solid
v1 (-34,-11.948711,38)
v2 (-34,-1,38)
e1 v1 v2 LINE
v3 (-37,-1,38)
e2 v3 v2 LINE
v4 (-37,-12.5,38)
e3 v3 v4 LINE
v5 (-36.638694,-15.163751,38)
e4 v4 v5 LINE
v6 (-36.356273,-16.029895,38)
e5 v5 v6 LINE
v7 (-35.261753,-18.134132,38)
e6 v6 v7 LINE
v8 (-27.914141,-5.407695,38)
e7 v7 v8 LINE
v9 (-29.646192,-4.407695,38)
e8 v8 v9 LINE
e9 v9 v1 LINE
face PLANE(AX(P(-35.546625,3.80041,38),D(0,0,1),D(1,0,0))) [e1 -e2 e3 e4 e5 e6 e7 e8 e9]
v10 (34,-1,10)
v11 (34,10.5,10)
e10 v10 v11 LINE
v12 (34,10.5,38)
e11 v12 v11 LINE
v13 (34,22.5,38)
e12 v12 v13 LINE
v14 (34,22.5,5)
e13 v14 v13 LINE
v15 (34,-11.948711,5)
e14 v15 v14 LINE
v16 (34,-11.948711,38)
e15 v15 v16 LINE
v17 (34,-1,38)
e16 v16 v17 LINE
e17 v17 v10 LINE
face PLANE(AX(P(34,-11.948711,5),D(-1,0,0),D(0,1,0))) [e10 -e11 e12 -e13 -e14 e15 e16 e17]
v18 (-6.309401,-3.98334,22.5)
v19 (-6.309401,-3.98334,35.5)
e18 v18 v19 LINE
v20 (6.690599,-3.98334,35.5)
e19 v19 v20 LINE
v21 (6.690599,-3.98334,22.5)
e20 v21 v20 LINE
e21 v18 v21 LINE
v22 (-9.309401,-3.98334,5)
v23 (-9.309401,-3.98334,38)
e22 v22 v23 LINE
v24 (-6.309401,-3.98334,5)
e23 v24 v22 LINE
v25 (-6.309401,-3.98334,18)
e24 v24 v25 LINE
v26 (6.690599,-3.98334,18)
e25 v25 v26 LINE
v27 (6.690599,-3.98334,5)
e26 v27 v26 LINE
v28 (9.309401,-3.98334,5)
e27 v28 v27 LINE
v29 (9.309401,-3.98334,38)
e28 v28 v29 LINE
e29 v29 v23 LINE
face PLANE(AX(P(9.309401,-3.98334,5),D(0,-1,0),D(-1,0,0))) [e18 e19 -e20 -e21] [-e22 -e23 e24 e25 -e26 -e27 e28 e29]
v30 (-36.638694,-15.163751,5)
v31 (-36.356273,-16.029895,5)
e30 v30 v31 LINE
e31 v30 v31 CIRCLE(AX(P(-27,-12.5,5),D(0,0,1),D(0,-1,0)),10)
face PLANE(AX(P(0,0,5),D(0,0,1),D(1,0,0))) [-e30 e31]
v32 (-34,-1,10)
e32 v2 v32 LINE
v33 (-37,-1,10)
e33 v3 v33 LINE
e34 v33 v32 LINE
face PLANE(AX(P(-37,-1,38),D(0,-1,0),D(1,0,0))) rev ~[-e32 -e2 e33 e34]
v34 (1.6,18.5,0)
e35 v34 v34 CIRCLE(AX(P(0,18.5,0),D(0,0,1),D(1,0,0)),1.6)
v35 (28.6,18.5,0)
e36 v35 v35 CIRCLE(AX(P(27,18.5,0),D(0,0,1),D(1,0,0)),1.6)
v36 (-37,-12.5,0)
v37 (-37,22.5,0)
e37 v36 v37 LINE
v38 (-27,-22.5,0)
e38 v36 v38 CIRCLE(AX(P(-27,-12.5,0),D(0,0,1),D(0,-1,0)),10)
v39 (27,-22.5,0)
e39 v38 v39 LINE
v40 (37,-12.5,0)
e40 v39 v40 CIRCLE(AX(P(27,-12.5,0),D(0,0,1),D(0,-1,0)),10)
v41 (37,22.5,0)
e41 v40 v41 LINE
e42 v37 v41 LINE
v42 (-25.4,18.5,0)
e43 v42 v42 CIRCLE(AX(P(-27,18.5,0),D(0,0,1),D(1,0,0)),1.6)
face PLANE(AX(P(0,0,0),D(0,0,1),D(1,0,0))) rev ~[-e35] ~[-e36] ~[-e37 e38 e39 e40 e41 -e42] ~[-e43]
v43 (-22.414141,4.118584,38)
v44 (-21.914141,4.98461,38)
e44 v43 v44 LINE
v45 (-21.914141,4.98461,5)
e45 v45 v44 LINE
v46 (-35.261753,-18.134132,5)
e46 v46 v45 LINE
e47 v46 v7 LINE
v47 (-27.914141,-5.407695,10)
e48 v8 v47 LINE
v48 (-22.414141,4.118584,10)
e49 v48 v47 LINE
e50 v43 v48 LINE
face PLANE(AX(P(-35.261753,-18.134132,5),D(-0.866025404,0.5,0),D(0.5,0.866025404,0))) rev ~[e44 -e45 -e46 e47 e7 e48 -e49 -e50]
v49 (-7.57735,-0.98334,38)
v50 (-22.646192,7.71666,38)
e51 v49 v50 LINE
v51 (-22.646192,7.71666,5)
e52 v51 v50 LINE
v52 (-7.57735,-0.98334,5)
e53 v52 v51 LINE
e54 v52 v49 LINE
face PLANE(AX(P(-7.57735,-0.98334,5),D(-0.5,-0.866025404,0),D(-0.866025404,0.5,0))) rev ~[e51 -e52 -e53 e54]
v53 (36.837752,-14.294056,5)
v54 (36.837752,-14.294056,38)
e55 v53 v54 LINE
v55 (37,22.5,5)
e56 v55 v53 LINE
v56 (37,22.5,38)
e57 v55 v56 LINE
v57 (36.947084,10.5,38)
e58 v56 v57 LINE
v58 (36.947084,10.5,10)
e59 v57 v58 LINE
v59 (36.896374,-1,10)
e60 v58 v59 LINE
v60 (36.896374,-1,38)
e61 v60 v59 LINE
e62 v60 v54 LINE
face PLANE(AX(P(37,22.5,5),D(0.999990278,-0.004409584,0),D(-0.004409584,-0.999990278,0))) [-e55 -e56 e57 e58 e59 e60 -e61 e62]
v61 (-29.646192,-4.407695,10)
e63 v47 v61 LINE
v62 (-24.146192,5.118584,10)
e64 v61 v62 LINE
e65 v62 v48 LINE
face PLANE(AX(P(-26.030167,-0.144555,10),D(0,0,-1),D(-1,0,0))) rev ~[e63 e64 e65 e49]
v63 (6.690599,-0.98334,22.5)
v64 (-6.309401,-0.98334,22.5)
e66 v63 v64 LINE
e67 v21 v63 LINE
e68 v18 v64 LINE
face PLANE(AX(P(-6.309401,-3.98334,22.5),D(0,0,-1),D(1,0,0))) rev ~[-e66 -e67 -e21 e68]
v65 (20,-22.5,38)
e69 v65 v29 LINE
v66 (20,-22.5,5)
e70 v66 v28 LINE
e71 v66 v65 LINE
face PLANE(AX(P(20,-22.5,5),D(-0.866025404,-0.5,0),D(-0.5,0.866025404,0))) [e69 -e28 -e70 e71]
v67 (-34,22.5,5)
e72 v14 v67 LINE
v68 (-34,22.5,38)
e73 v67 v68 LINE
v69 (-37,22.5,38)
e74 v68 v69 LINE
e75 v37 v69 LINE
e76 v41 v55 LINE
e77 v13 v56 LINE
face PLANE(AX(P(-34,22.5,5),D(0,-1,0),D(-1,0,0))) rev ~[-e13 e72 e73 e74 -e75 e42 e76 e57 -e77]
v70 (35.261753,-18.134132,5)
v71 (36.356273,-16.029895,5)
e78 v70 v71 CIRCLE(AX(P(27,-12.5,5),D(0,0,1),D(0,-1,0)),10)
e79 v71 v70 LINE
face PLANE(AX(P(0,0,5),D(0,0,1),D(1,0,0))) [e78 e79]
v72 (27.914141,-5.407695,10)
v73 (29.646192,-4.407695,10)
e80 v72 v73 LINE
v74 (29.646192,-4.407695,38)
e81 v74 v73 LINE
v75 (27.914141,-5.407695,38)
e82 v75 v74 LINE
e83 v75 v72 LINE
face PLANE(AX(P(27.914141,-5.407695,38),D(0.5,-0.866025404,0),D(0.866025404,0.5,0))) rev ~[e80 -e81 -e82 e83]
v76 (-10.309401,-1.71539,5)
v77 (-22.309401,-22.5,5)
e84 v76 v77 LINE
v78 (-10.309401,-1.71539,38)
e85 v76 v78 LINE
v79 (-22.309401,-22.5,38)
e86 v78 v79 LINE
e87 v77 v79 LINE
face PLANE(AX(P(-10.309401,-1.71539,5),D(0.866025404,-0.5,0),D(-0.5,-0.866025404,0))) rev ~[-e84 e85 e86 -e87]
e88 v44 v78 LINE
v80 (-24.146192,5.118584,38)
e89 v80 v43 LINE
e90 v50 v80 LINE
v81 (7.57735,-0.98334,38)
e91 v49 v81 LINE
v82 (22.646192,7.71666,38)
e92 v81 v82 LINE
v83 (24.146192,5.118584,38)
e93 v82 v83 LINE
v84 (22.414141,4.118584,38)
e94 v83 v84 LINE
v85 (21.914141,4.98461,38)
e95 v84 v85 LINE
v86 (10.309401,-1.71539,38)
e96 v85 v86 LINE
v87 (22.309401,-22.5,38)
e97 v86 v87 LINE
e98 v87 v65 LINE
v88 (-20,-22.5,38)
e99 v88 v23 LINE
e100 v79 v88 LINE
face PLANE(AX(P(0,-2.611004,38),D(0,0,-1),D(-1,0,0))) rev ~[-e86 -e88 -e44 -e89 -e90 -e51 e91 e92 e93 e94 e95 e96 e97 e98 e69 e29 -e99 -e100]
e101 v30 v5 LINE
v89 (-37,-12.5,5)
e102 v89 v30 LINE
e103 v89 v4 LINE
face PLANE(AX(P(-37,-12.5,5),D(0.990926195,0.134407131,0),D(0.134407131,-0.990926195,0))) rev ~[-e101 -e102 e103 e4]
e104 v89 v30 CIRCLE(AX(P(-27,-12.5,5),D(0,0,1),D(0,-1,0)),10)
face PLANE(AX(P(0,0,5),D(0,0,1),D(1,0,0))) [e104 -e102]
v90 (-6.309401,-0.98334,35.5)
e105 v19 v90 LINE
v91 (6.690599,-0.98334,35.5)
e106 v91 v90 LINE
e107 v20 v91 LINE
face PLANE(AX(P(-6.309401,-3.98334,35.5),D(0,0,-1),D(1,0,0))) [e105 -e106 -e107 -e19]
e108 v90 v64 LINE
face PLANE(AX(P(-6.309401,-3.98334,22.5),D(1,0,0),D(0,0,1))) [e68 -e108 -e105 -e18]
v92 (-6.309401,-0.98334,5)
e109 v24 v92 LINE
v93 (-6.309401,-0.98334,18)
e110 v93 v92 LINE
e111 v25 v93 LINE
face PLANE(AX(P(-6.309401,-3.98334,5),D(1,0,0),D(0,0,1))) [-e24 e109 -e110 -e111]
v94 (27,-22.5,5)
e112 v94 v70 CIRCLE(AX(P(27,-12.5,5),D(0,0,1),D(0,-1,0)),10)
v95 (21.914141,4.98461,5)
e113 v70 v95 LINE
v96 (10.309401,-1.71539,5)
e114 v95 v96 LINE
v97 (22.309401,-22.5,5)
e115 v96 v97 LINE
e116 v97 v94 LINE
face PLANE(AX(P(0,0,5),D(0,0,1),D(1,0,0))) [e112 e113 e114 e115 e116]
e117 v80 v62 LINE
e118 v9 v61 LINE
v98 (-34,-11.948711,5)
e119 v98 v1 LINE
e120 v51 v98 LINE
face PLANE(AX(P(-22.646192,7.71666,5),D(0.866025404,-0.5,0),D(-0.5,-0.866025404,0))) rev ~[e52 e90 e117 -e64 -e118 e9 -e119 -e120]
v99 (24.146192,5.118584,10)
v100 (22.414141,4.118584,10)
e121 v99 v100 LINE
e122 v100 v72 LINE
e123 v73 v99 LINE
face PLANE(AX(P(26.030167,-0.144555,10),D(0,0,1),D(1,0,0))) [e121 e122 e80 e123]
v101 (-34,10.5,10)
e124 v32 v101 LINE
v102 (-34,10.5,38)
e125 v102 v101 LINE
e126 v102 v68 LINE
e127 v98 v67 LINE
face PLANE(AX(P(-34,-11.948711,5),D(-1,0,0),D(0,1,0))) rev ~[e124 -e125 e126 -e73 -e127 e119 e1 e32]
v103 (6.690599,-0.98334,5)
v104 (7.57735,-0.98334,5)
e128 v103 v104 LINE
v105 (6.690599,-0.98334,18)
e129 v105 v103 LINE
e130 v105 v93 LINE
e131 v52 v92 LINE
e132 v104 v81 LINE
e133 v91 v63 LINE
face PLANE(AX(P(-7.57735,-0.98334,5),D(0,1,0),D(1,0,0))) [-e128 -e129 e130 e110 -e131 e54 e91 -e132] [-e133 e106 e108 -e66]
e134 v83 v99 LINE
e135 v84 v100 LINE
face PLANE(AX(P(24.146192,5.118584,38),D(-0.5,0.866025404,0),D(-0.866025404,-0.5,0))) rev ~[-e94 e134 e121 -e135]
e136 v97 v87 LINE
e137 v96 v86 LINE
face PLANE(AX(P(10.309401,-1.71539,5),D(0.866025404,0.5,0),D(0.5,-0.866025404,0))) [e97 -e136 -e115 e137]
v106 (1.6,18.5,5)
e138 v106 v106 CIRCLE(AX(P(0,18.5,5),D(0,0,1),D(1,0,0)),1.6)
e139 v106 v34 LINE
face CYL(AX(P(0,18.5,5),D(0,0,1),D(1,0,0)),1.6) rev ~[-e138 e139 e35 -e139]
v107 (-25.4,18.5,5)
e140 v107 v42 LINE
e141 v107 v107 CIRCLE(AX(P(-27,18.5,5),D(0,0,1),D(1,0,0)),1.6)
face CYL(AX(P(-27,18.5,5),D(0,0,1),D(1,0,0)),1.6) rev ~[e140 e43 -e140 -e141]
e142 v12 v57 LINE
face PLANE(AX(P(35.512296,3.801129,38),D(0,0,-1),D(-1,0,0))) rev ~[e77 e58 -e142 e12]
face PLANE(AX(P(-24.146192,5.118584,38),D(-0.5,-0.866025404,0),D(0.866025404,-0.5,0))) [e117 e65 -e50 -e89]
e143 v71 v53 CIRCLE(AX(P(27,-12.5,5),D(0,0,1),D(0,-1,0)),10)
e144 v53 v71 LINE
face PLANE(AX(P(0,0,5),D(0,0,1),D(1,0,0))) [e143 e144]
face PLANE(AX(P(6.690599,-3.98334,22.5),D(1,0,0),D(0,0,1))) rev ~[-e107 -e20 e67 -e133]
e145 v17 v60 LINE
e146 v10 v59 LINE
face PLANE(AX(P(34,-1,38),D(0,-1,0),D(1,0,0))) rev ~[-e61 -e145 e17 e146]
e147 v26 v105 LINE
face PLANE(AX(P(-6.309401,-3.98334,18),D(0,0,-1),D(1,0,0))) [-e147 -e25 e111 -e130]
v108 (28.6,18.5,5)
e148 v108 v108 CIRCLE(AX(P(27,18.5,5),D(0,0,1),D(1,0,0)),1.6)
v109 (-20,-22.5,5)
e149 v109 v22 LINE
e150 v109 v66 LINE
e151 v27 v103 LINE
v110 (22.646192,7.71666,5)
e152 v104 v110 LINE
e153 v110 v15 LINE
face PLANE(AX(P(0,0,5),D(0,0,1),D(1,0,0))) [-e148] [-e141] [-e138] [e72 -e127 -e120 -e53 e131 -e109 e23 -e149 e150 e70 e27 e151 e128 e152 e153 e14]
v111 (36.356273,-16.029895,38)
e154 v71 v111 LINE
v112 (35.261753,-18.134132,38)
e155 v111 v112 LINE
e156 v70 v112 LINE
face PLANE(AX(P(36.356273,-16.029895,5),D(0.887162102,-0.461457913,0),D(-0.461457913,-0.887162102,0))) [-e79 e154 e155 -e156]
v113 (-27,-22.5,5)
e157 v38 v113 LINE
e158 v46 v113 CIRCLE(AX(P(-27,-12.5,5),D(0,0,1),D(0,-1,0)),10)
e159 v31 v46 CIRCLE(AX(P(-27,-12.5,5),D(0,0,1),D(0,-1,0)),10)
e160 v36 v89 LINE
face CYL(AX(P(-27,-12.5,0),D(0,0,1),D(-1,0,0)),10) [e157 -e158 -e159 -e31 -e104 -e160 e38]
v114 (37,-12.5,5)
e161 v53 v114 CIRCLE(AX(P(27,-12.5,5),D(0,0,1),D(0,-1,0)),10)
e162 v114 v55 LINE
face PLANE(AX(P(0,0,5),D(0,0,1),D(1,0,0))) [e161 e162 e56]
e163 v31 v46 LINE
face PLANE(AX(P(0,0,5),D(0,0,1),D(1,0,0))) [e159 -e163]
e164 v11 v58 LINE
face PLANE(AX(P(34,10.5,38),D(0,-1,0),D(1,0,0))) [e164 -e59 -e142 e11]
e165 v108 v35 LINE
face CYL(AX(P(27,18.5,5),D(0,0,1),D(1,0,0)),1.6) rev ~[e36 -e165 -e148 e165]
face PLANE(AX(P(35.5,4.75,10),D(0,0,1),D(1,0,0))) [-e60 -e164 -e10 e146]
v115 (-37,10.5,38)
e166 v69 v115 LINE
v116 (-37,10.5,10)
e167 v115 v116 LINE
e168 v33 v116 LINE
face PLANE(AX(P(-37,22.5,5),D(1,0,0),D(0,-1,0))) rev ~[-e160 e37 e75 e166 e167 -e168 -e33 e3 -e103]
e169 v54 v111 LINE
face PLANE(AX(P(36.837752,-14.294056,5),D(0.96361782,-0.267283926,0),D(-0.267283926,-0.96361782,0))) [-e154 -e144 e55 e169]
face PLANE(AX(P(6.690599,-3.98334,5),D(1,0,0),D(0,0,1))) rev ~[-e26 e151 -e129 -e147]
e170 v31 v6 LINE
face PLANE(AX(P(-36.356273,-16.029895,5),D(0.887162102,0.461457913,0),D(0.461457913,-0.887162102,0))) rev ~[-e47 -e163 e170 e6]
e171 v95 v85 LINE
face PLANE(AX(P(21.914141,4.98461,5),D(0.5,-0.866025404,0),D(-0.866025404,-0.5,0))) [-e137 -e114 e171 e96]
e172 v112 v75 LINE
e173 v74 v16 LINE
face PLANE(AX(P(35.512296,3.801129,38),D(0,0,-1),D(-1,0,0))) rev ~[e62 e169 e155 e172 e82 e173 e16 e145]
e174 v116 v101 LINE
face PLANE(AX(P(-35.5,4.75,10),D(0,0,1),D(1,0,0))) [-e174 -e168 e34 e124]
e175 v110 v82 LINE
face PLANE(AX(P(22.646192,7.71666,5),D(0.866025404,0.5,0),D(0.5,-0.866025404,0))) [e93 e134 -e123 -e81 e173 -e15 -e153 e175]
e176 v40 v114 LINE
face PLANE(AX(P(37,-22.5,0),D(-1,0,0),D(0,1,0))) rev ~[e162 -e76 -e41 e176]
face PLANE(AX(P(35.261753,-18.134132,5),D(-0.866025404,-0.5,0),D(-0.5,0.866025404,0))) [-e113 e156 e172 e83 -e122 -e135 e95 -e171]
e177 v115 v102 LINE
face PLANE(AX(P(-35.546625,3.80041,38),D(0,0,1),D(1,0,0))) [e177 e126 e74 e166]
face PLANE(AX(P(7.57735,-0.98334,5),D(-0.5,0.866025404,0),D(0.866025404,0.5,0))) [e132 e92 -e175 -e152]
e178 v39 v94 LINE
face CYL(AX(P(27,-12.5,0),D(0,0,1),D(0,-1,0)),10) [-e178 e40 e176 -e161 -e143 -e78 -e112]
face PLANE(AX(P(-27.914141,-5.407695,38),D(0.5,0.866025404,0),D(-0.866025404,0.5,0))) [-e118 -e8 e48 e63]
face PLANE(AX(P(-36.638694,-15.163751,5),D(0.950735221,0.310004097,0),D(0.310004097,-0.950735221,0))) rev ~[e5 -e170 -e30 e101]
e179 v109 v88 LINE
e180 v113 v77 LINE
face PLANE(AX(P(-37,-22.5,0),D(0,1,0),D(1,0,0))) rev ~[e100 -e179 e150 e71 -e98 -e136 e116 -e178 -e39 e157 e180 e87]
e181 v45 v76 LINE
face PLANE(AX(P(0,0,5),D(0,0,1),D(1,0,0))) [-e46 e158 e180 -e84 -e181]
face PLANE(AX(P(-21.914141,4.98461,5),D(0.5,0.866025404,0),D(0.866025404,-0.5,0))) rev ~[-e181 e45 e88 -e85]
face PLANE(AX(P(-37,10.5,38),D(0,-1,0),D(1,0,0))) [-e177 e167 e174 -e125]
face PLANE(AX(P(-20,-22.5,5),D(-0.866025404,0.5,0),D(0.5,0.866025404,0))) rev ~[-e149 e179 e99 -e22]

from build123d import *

# Parameters (mm, degrees)
SKETCH_1_W          = 74
SKETCH_1_H          = 45
EXTRUDE_1_DEPTH     = 5
FILLET_1_R          = 10
FILLET_2_R          = 10
EXTRUDE_3_DEPTH     = 33
EXTRUDE_4_DEPTH     = 33
SKETCH_6_W          = 13
SKETCH_6_H          = 13
CUT_EXTRUDE_1_DEPTH = 60.282099079
CUT_EXTRUDE_3_DEPTH = 28
EXTRUDE_5_DEPTH     = 33
SKETCH_10_W         = 3
SKETCH_10_H         = 11.5
CUT_EXTRUDE_4_DEPTH = 28
SKETCH_11_R         = 1.6
CUT_EXTRUDE_5_DEPTH = 10


with BuildPart() as part:
    # 草图1 → 凸台-拉伸1 (new body)
    with BuildSketch(Plane.XY):
        Rectangle(SKETCH_1_W, SKETCH_1_H)
    extrude(amount=EXTRUDE_1_DEPTH)

    # 圆角1
    fillet_1_edges = [part.edges().sort_by_distance(p)[0] for p in [
        (-37, -22.5, 2.5),
    ]]
    fillet(fillet_1_edges, radius=FILLET_1_R)

    # 圆角2
    fillet_2_edges = [part.edges().sort_by_distance(p)[0] for p in [
        (37, -22.5, 2.5),
    ]]
    fillet(fillet_2_edges, radius=FILLET_2_R)

    # 草图4 → 凸台-拉伸3 (add)
    with BuildSketch(Plane.XY.offset(5)):
        Polygon((-35.261752955, -18.134131531), (-21.914141487, 4.984609691), (-10.309401077, -1.715390309), (-22.309401077, -22.5), (-20, -22.5), (-7.577350269, -0.983339502), (-22.646192295, 7.716660498), (-36.356272702, -16.029895342), align=None)
        Polygon((36.356272702, -16.029895342), (35.261752955, -18.134131531), (21.914141487, 4.984609691), (10.309401077, -1.715390309), (22.309401077, -22.5), (20, -22.5), (7.577350269, -0.983339502), (22.646192295, 7.716660498), align=None)
    extrude(amount=EXTRUDE_3_DEPTH)

    # 草图5 → 凸台-拉伸4 (add)
    with BuildSketch(Plane.XY.offset(5)):
        Polygon((-7.577350269, -0.983339502), (7.577350269, -0.983339502), (9.309401077, -3.983339502), (-9.309401077, -3.983339502), align=None)
    extrude(amount=EXTRUDE_4_DEPTH)

    # 草图6 → 切除-拉伸1 (cut, through all)
    with BuildSketch(Plane.XZ.offset(3.983339502)):
        with Locations((0.190598923, 29)):
            Rectangle(SKETCH_6_W, SKETCH_6_H)
        with Locations((0.190598923, 11.5)):
            Rectangle(SKETCH_6_W, SKETCH_6_H)
    extrude(amount=-CUT_EXTRUDE_1_DEPTH, mode=Mode.SUBTRACT)

    # 草图8 → 切除-拉伸3 (cut)
    with BuildSketch(Plane.XY.offset(38)):
        Polygon((-29.646192295, -4.407695155), (-24.146192295, 5.118584287), (-22.414141487, 4.118584287), (-27.914141487, -5.407695155), align=None)
        Polygon((27.914141487, -5.407695155), (29.646192295, -4.407695155), (24.146192295, 5.118584287), (22.414141487, 4.118584287), align=None)
    extrude(amount=-CUT_EXTRUDE_3_DEPTH, mode=Mode.SUBTRACT)

    # 草图9 → 凸台-拉伸5 (add)
    with BuildSketch(Plane.XY.offset(5)):
        Polygon((-34, 22.5), (-37, 22.5), (-37, -12.5), (-36.638694465, -15.163750927), (-36.356272702, -16.029895342), (-34, -11.948711306), align=None)
        Polygon((36.356272702, -16.029895342), (34, -11.948711306), (34, 22.5), (37, 22.5), (36.837751954, -14.294055877), align=None)
    extrude(amount=EXTRUDE_5_DEPTH)

    # 草图10 → 切除-拉伸4 (cut)
    with BuildSketch(Plane.XY.offset(38)):
        with Locations((-35.5, 4.75)):
            Rectangle(SKETCH_10_W, SKETCH_10_H)
        with Locations((35.5, 4.75)):
            Rectangle(SKETCH_10_W, SKETCH_10_H)
    extrude(amount=-CUT_EXTRUDE_4_DEPTH, mode=Mode.SUBTRACT)

    # 草图11 → 切除-拉伸5 (cut)
    with BuildSketch(Plane.XY.offset(5)):
        with Locations((-27, 18.5)):
            Circle(SKETCH_11_R)
        with Locations((0, 18.5)):
            Circle(SKETCH_11_R)
        with Locations((27, 18.5)):
            Circle(SKETCH_11_R)
    extrude(amount=-CUT_EXTRUDE_5_DEPTH, mode=Mode.SUBTRACT)


solid = part.part
